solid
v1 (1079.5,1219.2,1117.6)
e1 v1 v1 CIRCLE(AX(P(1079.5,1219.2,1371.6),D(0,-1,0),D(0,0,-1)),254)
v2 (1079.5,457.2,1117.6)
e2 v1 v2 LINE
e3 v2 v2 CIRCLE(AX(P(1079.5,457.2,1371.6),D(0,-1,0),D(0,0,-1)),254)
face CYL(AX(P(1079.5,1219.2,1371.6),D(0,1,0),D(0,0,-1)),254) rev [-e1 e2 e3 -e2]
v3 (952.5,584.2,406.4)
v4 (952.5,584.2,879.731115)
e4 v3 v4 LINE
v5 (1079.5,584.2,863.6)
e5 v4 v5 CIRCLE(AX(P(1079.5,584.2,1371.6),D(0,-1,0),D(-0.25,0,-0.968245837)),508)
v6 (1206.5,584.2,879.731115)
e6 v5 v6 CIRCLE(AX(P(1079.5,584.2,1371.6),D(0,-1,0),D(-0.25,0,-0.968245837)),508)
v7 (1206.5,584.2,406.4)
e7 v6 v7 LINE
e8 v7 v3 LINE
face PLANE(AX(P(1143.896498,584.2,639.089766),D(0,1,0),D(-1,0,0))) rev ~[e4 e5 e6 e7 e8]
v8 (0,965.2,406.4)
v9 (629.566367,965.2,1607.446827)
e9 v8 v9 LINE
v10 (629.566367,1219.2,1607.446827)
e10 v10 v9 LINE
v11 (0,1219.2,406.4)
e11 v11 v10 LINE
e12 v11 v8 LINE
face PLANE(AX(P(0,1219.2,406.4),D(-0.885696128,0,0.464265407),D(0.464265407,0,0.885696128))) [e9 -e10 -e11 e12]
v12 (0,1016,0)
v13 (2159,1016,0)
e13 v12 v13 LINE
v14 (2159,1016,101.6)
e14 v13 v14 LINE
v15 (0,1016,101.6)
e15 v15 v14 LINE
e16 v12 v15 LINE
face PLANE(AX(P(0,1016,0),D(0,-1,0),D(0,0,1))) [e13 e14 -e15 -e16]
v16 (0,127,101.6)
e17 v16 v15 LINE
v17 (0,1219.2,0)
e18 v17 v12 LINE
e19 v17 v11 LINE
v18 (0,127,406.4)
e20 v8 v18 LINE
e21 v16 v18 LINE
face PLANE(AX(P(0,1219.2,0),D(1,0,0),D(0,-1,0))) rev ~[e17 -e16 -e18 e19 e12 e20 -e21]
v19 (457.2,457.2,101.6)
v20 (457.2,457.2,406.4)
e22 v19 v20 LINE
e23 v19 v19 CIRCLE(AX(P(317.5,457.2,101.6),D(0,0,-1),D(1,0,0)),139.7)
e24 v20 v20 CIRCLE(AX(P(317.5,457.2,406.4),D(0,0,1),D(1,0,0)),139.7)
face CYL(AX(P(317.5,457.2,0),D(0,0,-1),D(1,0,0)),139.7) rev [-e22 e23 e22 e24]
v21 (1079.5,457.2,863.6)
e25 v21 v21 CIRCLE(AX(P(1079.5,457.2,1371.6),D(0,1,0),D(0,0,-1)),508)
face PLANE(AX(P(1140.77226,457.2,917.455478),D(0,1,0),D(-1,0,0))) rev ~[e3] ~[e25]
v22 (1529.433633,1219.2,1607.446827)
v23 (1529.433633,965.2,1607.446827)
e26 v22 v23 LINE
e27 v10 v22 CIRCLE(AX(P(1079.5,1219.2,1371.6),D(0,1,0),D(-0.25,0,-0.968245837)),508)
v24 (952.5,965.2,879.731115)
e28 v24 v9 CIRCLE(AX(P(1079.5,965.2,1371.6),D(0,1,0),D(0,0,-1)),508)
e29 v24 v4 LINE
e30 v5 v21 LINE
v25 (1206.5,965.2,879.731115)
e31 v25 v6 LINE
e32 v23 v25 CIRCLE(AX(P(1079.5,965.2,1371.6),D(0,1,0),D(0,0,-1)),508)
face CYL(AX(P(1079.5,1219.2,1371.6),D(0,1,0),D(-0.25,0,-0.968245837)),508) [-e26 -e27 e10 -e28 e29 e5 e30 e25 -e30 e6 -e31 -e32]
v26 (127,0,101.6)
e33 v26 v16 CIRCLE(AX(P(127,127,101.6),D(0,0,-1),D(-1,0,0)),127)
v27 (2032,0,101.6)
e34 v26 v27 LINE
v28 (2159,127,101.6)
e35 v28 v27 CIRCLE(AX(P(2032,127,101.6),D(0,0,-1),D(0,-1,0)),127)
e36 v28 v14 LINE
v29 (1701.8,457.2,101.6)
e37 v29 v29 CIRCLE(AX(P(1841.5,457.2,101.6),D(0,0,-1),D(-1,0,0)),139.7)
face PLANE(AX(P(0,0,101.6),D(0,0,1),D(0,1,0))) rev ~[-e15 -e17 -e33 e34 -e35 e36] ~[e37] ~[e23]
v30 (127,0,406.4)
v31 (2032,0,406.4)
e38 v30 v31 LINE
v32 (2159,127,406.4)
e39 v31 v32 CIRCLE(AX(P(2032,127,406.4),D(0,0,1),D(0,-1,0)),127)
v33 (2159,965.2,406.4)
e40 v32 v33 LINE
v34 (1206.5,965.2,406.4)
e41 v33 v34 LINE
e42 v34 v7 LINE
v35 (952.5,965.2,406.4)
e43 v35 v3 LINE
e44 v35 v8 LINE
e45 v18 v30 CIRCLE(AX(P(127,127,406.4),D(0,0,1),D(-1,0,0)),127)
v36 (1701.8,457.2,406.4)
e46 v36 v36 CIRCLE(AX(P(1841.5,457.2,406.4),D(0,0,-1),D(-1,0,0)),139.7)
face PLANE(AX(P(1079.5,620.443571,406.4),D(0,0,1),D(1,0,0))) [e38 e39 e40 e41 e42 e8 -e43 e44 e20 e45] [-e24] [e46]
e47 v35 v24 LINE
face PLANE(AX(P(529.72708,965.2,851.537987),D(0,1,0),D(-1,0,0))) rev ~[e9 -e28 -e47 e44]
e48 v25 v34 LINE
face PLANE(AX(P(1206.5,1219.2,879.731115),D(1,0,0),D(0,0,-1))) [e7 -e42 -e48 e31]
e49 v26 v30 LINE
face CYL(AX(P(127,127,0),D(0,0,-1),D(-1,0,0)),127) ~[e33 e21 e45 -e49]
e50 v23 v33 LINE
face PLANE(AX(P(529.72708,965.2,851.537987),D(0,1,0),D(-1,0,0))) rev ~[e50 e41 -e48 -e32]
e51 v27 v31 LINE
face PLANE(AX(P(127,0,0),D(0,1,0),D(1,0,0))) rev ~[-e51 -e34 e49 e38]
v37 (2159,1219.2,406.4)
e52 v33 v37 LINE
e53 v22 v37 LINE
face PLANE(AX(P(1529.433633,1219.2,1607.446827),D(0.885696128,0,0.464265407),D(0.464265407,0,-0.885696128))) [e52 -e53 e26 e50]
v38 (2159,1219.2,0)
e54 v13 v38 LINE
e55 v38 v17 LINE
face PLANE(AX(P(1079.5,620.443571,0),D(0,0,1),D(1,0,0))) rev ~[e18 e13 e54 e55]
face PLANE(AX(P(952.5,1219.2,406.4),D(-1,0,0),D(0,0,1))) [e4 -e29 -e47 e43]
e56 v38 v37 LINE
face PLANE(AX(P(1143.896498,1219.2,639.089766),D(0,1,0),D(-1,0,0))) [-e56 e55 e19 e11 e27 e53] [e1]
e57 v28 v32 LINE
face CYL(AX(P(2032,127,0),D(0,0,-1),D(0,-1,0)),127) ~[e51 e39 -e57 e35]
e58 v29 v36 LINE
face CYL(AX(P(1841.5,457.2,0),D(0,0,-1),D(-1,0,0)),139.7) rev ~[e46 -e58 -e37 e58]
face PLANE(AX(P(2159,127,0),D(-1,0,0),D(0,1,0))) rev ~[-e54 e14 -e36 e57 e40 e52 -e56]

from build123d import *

# Parameters (mm, degrees)
F0_R     = 139.7
F1_DEPTH = 406.4
F2_W     = 889
F2_H     = 101.6
F2_W_2   = 127
F3_DEPTH = 2159.001
F5_DEPTH = 254
F6_DEPTH = 635
F7_DEPTH = 762


with BuildPart() as f1:
    # F0 (on Top) → F1 (new body)
    with BuildSketch(Plane.XY):
        with BuildLine():
            ThreePointArc((0, 127), (37.1974387893, 37.1974387893), (127, 0))
            Line((127, 0), (1079.5, 0))
            Line((1079.5, 0), (2032, 0))
            ThreePointArc((2032, 0), (2121.8025612107, 37.1974387893), (2159, 127))
            Line((2159, 127), (2159, 1219.2))
            Line((2159, 1219.2), (0, 1219.2))
            Line((0, 1219.2), (0, 127))
        make_face()
        with Locations((317.5, 457.2)):
            Circle(F0_R, mode=Mode.SUBTRACT)
        with BuildLine():
            ThreePointArc((1981.2, 457.2), (1841.5, 317.5), (1701.8, 457.2))
            ThreePointArc((1701.8, 457.2), (1841.5, 596.9), (1981.2, 457.2))
        make_face(mode=Mode.SUBTRACT)
    extrude(amount=F1_DEPTH)

    # F2 (on face) → F3 (cut, through all)
    with BuildSketch(Plane(origin=(0, 0, 0), x_dir=(0, -1, 0), z_dir=(-1, 0, 0))):
        with Locations((-571.5, 50.8)):
            Rectangle(F2_W, F2_H)
        with Locations((-63.5, 50.8)):
            Rectangle(F2_W_2, F2_H)
    extrude(amount=-F3_DEPTH, mode=Mode.SUBTRACT)

    # F4 (on face) → F5 (join)
    with BuildSketch(Plane(origin=(0, 1219.2, 0), x_dir=(-1, 0, 0), z_dir=(0, 1, 0))):
        with BuildLine():
            Line((-952.5, 879.7311150317), (-952.5, 406.4))
            Line((-952.5, 406.4), (0, 406.4))
            Line((0, 406.4), (-629.566366733, 1607.4468266802))
            ThreePointArc((-629.566366733, 1607.4468266802), (-586.2301520974, 1493.0448728855), (-571.5, 1371.6))
            ThreePointArc((-571.5, 1371.6), (-677.8907371586, 1060.5148026665), (-952.5, 879.7311150317))
        make_face()
        with BuildLine():
            Line((-2159, 406.4), (-1206.5, 406.4))
            Line((-1206.5, 406.4), (-1206.5, 879.7311150317))
            ThreePointArc((-1206.5, 879.7311150317), (-1543.8335477259, 1165.5457439016), (-1529.433633267, 1607.4468266802))
            Line((-1529.433633267, 1607.4468266802), (-2159, 406.4))
        make_face()
        with BuildLine():
            Line((-1206.5, 965.2), (-1079.5, 965.2))
            Line((-1079.5, 965.2), (-952.5, 965.2))
            Line((-952.5, 965.2), (-952.5, 879.7311150317))
            ThreePointArc((-952.5, 879.7311150317), (-677.8907371586, 1060.5148026665), (-571.5, 1371.6))
            ThreePointArc((-571.5, 1371.6), (-586.2301520974, 1493.0448728855), (-629.566366733, 1607.4468266802))
            ThreePointArc((-629.566366733, 1607.4468266802), (-1079.5, 1879.6), (-1529.433633267, 1607.4468266802))
            ThreePointArc((-1529.433633267, 1607.4468266802), (-1543.8335477259, 1165.5457439016), (-1206.5, 879.7311150317))
            Line((-1206.5, 879.7311150317), (-1206.5, 965.2))
        make_face()
        with BuildLine():
            ThreePointArc((-825.5, 1371.6), (-899.8948775786, 1191.9948775786), (-1079.5, 1117.6))
            ThreePointArc((-1079.5, 1117.6), (-1259.1051224214, 1551.2051224214), (-825.5, 1371.6))
        make_face(mode=Mode.SUBTRACT)
        with BuildLine():
            Line((-1079.5, 863.6), (-1079.5, 406.4))
            Line((-1079.5, 406.4), (-952.5, 406.4))
            Line((-952.5, 406.4), (-952.5, 879.7311150317))
            ThreePointArc((-952.5, 879.7311150317), (-1015.4898194188, 867.6489142963), (-1079.5, 863.6))
        make_face()
        with BuildLine():
            Line((-1079.5, 965.2), (-1079.5, 863.6))
            ThreePointArc((-1079.5, 863.6), (-1015.4898194188, 867.6489142963), (-952.5, 879.7311150317))
            Line((-952.5, 879.7311150317), (-952.5, 965.2))
            Line((-952.5, 965.2), (-1079.5, 965.2))
        make_face()
        with BuildLine():
            ThreePointArc((-1206.5, 879.7311150317), (-1143.5101805812, 867.6489142963), (-1079.5, 863.6))
            Line((-1079.5, 863.6), (-1079.5, 965.2))
            Line((-1079.5, 965.2), (-1206.5, 965.2))
            Line((-1206.5, 965.2), (-1206.5, 879.7311150317))
        make_face()
        with BuildLine():
            Line((-1206.5, 406.4), (-1079.5, 406.4))
            Line((-1079.5, 406.4), (-1079.5, 863.6))
            ThreePointArc((-1079.5, 863.6), (-1143.5101805812, 867.6489142963), (-1206.5, 879.7311150317))
            Line((-1206.5, 879.7311150317), (-1206.5, 406.4))
        make_face()
    extrude(amount=-F5_DEPTH)

    # F4 (on face) → F6 (join)
    with BuildSketch(Plane(origin=(0, 1219.2, 0), x_dir=(-1, 0, 0), z_dir=(0, 1, 0))):
        with BuildLine():
            Line((-1206.5, 406.4), (-1079.5, 406.4))
            Line((-1079.5, 406.4), (-1079.5, 863.6))
            ThreePointArc((-1079.5, 863.6), (-1143.5101805812, 867.6489142963), (-1206.5, 879.7311150317))
            Line((-1206.5, 879.7311150317), (-1206.5, 406.4))
        make_face()
        with BuildLine():
            Line((-1079.5, 863.6), (-1079.5, 406.4))
            Line((-1079.5, 406.4), (-952.5, 406.4))
            Line((-952.5, 406.4), (-952.5, 879.7311150317))
            ThreePointArc((-952.5, 879.7311150317), (-1015.4898194188, 867.6489142963), (-1079.5, 863.6))
        make_face()
    extrude(amount=-F6_DEPTH)

    # F4 (on face) → F7 (join)
    with BuildSketch(Plane(origin=(0, 1219.2, 0), x_dir=(-1, 0, 0), z_dir=(0, 1, 0))):
        with BuildLine():
            ThreePointArc((-1206.5, 879.7311150317), (-1143.5101805812, 867.6489142963), (-1079.5, 863.6))
            Line((-1079.5, 863.6), (-1079.5, 965.2))
            Line((-1079.5, 965.2), (-1206.5, 965.2))
            Line((-1206.5, 965.2), (-1206.5, 879.7311150317))
        make_face()
        with BuildLine():
            Line((-1206.5, 965.2), (-1079.5, 965.2))
            Line((-1079.5, 965.2), (-952.5, 965.2))
            Line((-952.5, 965.2), (-952.5, 879.7311150317))
            ThreePointArc((-952.5, 879.7311150317), (-677.8907371586, 1060.5148026665), (-571.5, 1371.6))
            ThreePointArc((-571.5, 1371.6), (-586.2301520974, 1493.0448728855), (-629.566366733, 1607.4468266802))
            ThreePointArc((-629.566366733, 1607.4468266802), (-1079.5, 1879.6), (-1529.433633267, 1607.4468266802))
            ThreePointArc((-1529.433633267, 1607.4468266802), (-1543.8335477259, 1165.5457439016), (-1206.5, 879.7311150317))
            Line((-1206.5, 879.7311150317), (-1206.5, 965.2))
        make_face()
        with BuildLine():
            ThreePointArc((-825.5, 1371.6), (-899.8948775786, 1191.9948775786), (-1079.5, 1117.6))
            ThreePointArc((-1079.5, 1117.6), (-1259.1051224214, 1551.2051224214), (-825.5, 1371.6))
        make_face(mode=Mode.SUBTRACT)
        with BuildLine():
            Line((-1079.5, 965.2), (-1079.5, 863.6))
            ThreePointArc((-1079.5, 863.6), (-1015.4898194188, 867.6489142963), (-952.5, 879.7311150317))
            Line((-952.5, 879.7311150317), (-952.5, 965.2))
            Line((-952.5, 965.2), (-1079.5, 965.2))
        make_face()
    extrude(amount=-F7_DEPTH)


solid = f1.part
